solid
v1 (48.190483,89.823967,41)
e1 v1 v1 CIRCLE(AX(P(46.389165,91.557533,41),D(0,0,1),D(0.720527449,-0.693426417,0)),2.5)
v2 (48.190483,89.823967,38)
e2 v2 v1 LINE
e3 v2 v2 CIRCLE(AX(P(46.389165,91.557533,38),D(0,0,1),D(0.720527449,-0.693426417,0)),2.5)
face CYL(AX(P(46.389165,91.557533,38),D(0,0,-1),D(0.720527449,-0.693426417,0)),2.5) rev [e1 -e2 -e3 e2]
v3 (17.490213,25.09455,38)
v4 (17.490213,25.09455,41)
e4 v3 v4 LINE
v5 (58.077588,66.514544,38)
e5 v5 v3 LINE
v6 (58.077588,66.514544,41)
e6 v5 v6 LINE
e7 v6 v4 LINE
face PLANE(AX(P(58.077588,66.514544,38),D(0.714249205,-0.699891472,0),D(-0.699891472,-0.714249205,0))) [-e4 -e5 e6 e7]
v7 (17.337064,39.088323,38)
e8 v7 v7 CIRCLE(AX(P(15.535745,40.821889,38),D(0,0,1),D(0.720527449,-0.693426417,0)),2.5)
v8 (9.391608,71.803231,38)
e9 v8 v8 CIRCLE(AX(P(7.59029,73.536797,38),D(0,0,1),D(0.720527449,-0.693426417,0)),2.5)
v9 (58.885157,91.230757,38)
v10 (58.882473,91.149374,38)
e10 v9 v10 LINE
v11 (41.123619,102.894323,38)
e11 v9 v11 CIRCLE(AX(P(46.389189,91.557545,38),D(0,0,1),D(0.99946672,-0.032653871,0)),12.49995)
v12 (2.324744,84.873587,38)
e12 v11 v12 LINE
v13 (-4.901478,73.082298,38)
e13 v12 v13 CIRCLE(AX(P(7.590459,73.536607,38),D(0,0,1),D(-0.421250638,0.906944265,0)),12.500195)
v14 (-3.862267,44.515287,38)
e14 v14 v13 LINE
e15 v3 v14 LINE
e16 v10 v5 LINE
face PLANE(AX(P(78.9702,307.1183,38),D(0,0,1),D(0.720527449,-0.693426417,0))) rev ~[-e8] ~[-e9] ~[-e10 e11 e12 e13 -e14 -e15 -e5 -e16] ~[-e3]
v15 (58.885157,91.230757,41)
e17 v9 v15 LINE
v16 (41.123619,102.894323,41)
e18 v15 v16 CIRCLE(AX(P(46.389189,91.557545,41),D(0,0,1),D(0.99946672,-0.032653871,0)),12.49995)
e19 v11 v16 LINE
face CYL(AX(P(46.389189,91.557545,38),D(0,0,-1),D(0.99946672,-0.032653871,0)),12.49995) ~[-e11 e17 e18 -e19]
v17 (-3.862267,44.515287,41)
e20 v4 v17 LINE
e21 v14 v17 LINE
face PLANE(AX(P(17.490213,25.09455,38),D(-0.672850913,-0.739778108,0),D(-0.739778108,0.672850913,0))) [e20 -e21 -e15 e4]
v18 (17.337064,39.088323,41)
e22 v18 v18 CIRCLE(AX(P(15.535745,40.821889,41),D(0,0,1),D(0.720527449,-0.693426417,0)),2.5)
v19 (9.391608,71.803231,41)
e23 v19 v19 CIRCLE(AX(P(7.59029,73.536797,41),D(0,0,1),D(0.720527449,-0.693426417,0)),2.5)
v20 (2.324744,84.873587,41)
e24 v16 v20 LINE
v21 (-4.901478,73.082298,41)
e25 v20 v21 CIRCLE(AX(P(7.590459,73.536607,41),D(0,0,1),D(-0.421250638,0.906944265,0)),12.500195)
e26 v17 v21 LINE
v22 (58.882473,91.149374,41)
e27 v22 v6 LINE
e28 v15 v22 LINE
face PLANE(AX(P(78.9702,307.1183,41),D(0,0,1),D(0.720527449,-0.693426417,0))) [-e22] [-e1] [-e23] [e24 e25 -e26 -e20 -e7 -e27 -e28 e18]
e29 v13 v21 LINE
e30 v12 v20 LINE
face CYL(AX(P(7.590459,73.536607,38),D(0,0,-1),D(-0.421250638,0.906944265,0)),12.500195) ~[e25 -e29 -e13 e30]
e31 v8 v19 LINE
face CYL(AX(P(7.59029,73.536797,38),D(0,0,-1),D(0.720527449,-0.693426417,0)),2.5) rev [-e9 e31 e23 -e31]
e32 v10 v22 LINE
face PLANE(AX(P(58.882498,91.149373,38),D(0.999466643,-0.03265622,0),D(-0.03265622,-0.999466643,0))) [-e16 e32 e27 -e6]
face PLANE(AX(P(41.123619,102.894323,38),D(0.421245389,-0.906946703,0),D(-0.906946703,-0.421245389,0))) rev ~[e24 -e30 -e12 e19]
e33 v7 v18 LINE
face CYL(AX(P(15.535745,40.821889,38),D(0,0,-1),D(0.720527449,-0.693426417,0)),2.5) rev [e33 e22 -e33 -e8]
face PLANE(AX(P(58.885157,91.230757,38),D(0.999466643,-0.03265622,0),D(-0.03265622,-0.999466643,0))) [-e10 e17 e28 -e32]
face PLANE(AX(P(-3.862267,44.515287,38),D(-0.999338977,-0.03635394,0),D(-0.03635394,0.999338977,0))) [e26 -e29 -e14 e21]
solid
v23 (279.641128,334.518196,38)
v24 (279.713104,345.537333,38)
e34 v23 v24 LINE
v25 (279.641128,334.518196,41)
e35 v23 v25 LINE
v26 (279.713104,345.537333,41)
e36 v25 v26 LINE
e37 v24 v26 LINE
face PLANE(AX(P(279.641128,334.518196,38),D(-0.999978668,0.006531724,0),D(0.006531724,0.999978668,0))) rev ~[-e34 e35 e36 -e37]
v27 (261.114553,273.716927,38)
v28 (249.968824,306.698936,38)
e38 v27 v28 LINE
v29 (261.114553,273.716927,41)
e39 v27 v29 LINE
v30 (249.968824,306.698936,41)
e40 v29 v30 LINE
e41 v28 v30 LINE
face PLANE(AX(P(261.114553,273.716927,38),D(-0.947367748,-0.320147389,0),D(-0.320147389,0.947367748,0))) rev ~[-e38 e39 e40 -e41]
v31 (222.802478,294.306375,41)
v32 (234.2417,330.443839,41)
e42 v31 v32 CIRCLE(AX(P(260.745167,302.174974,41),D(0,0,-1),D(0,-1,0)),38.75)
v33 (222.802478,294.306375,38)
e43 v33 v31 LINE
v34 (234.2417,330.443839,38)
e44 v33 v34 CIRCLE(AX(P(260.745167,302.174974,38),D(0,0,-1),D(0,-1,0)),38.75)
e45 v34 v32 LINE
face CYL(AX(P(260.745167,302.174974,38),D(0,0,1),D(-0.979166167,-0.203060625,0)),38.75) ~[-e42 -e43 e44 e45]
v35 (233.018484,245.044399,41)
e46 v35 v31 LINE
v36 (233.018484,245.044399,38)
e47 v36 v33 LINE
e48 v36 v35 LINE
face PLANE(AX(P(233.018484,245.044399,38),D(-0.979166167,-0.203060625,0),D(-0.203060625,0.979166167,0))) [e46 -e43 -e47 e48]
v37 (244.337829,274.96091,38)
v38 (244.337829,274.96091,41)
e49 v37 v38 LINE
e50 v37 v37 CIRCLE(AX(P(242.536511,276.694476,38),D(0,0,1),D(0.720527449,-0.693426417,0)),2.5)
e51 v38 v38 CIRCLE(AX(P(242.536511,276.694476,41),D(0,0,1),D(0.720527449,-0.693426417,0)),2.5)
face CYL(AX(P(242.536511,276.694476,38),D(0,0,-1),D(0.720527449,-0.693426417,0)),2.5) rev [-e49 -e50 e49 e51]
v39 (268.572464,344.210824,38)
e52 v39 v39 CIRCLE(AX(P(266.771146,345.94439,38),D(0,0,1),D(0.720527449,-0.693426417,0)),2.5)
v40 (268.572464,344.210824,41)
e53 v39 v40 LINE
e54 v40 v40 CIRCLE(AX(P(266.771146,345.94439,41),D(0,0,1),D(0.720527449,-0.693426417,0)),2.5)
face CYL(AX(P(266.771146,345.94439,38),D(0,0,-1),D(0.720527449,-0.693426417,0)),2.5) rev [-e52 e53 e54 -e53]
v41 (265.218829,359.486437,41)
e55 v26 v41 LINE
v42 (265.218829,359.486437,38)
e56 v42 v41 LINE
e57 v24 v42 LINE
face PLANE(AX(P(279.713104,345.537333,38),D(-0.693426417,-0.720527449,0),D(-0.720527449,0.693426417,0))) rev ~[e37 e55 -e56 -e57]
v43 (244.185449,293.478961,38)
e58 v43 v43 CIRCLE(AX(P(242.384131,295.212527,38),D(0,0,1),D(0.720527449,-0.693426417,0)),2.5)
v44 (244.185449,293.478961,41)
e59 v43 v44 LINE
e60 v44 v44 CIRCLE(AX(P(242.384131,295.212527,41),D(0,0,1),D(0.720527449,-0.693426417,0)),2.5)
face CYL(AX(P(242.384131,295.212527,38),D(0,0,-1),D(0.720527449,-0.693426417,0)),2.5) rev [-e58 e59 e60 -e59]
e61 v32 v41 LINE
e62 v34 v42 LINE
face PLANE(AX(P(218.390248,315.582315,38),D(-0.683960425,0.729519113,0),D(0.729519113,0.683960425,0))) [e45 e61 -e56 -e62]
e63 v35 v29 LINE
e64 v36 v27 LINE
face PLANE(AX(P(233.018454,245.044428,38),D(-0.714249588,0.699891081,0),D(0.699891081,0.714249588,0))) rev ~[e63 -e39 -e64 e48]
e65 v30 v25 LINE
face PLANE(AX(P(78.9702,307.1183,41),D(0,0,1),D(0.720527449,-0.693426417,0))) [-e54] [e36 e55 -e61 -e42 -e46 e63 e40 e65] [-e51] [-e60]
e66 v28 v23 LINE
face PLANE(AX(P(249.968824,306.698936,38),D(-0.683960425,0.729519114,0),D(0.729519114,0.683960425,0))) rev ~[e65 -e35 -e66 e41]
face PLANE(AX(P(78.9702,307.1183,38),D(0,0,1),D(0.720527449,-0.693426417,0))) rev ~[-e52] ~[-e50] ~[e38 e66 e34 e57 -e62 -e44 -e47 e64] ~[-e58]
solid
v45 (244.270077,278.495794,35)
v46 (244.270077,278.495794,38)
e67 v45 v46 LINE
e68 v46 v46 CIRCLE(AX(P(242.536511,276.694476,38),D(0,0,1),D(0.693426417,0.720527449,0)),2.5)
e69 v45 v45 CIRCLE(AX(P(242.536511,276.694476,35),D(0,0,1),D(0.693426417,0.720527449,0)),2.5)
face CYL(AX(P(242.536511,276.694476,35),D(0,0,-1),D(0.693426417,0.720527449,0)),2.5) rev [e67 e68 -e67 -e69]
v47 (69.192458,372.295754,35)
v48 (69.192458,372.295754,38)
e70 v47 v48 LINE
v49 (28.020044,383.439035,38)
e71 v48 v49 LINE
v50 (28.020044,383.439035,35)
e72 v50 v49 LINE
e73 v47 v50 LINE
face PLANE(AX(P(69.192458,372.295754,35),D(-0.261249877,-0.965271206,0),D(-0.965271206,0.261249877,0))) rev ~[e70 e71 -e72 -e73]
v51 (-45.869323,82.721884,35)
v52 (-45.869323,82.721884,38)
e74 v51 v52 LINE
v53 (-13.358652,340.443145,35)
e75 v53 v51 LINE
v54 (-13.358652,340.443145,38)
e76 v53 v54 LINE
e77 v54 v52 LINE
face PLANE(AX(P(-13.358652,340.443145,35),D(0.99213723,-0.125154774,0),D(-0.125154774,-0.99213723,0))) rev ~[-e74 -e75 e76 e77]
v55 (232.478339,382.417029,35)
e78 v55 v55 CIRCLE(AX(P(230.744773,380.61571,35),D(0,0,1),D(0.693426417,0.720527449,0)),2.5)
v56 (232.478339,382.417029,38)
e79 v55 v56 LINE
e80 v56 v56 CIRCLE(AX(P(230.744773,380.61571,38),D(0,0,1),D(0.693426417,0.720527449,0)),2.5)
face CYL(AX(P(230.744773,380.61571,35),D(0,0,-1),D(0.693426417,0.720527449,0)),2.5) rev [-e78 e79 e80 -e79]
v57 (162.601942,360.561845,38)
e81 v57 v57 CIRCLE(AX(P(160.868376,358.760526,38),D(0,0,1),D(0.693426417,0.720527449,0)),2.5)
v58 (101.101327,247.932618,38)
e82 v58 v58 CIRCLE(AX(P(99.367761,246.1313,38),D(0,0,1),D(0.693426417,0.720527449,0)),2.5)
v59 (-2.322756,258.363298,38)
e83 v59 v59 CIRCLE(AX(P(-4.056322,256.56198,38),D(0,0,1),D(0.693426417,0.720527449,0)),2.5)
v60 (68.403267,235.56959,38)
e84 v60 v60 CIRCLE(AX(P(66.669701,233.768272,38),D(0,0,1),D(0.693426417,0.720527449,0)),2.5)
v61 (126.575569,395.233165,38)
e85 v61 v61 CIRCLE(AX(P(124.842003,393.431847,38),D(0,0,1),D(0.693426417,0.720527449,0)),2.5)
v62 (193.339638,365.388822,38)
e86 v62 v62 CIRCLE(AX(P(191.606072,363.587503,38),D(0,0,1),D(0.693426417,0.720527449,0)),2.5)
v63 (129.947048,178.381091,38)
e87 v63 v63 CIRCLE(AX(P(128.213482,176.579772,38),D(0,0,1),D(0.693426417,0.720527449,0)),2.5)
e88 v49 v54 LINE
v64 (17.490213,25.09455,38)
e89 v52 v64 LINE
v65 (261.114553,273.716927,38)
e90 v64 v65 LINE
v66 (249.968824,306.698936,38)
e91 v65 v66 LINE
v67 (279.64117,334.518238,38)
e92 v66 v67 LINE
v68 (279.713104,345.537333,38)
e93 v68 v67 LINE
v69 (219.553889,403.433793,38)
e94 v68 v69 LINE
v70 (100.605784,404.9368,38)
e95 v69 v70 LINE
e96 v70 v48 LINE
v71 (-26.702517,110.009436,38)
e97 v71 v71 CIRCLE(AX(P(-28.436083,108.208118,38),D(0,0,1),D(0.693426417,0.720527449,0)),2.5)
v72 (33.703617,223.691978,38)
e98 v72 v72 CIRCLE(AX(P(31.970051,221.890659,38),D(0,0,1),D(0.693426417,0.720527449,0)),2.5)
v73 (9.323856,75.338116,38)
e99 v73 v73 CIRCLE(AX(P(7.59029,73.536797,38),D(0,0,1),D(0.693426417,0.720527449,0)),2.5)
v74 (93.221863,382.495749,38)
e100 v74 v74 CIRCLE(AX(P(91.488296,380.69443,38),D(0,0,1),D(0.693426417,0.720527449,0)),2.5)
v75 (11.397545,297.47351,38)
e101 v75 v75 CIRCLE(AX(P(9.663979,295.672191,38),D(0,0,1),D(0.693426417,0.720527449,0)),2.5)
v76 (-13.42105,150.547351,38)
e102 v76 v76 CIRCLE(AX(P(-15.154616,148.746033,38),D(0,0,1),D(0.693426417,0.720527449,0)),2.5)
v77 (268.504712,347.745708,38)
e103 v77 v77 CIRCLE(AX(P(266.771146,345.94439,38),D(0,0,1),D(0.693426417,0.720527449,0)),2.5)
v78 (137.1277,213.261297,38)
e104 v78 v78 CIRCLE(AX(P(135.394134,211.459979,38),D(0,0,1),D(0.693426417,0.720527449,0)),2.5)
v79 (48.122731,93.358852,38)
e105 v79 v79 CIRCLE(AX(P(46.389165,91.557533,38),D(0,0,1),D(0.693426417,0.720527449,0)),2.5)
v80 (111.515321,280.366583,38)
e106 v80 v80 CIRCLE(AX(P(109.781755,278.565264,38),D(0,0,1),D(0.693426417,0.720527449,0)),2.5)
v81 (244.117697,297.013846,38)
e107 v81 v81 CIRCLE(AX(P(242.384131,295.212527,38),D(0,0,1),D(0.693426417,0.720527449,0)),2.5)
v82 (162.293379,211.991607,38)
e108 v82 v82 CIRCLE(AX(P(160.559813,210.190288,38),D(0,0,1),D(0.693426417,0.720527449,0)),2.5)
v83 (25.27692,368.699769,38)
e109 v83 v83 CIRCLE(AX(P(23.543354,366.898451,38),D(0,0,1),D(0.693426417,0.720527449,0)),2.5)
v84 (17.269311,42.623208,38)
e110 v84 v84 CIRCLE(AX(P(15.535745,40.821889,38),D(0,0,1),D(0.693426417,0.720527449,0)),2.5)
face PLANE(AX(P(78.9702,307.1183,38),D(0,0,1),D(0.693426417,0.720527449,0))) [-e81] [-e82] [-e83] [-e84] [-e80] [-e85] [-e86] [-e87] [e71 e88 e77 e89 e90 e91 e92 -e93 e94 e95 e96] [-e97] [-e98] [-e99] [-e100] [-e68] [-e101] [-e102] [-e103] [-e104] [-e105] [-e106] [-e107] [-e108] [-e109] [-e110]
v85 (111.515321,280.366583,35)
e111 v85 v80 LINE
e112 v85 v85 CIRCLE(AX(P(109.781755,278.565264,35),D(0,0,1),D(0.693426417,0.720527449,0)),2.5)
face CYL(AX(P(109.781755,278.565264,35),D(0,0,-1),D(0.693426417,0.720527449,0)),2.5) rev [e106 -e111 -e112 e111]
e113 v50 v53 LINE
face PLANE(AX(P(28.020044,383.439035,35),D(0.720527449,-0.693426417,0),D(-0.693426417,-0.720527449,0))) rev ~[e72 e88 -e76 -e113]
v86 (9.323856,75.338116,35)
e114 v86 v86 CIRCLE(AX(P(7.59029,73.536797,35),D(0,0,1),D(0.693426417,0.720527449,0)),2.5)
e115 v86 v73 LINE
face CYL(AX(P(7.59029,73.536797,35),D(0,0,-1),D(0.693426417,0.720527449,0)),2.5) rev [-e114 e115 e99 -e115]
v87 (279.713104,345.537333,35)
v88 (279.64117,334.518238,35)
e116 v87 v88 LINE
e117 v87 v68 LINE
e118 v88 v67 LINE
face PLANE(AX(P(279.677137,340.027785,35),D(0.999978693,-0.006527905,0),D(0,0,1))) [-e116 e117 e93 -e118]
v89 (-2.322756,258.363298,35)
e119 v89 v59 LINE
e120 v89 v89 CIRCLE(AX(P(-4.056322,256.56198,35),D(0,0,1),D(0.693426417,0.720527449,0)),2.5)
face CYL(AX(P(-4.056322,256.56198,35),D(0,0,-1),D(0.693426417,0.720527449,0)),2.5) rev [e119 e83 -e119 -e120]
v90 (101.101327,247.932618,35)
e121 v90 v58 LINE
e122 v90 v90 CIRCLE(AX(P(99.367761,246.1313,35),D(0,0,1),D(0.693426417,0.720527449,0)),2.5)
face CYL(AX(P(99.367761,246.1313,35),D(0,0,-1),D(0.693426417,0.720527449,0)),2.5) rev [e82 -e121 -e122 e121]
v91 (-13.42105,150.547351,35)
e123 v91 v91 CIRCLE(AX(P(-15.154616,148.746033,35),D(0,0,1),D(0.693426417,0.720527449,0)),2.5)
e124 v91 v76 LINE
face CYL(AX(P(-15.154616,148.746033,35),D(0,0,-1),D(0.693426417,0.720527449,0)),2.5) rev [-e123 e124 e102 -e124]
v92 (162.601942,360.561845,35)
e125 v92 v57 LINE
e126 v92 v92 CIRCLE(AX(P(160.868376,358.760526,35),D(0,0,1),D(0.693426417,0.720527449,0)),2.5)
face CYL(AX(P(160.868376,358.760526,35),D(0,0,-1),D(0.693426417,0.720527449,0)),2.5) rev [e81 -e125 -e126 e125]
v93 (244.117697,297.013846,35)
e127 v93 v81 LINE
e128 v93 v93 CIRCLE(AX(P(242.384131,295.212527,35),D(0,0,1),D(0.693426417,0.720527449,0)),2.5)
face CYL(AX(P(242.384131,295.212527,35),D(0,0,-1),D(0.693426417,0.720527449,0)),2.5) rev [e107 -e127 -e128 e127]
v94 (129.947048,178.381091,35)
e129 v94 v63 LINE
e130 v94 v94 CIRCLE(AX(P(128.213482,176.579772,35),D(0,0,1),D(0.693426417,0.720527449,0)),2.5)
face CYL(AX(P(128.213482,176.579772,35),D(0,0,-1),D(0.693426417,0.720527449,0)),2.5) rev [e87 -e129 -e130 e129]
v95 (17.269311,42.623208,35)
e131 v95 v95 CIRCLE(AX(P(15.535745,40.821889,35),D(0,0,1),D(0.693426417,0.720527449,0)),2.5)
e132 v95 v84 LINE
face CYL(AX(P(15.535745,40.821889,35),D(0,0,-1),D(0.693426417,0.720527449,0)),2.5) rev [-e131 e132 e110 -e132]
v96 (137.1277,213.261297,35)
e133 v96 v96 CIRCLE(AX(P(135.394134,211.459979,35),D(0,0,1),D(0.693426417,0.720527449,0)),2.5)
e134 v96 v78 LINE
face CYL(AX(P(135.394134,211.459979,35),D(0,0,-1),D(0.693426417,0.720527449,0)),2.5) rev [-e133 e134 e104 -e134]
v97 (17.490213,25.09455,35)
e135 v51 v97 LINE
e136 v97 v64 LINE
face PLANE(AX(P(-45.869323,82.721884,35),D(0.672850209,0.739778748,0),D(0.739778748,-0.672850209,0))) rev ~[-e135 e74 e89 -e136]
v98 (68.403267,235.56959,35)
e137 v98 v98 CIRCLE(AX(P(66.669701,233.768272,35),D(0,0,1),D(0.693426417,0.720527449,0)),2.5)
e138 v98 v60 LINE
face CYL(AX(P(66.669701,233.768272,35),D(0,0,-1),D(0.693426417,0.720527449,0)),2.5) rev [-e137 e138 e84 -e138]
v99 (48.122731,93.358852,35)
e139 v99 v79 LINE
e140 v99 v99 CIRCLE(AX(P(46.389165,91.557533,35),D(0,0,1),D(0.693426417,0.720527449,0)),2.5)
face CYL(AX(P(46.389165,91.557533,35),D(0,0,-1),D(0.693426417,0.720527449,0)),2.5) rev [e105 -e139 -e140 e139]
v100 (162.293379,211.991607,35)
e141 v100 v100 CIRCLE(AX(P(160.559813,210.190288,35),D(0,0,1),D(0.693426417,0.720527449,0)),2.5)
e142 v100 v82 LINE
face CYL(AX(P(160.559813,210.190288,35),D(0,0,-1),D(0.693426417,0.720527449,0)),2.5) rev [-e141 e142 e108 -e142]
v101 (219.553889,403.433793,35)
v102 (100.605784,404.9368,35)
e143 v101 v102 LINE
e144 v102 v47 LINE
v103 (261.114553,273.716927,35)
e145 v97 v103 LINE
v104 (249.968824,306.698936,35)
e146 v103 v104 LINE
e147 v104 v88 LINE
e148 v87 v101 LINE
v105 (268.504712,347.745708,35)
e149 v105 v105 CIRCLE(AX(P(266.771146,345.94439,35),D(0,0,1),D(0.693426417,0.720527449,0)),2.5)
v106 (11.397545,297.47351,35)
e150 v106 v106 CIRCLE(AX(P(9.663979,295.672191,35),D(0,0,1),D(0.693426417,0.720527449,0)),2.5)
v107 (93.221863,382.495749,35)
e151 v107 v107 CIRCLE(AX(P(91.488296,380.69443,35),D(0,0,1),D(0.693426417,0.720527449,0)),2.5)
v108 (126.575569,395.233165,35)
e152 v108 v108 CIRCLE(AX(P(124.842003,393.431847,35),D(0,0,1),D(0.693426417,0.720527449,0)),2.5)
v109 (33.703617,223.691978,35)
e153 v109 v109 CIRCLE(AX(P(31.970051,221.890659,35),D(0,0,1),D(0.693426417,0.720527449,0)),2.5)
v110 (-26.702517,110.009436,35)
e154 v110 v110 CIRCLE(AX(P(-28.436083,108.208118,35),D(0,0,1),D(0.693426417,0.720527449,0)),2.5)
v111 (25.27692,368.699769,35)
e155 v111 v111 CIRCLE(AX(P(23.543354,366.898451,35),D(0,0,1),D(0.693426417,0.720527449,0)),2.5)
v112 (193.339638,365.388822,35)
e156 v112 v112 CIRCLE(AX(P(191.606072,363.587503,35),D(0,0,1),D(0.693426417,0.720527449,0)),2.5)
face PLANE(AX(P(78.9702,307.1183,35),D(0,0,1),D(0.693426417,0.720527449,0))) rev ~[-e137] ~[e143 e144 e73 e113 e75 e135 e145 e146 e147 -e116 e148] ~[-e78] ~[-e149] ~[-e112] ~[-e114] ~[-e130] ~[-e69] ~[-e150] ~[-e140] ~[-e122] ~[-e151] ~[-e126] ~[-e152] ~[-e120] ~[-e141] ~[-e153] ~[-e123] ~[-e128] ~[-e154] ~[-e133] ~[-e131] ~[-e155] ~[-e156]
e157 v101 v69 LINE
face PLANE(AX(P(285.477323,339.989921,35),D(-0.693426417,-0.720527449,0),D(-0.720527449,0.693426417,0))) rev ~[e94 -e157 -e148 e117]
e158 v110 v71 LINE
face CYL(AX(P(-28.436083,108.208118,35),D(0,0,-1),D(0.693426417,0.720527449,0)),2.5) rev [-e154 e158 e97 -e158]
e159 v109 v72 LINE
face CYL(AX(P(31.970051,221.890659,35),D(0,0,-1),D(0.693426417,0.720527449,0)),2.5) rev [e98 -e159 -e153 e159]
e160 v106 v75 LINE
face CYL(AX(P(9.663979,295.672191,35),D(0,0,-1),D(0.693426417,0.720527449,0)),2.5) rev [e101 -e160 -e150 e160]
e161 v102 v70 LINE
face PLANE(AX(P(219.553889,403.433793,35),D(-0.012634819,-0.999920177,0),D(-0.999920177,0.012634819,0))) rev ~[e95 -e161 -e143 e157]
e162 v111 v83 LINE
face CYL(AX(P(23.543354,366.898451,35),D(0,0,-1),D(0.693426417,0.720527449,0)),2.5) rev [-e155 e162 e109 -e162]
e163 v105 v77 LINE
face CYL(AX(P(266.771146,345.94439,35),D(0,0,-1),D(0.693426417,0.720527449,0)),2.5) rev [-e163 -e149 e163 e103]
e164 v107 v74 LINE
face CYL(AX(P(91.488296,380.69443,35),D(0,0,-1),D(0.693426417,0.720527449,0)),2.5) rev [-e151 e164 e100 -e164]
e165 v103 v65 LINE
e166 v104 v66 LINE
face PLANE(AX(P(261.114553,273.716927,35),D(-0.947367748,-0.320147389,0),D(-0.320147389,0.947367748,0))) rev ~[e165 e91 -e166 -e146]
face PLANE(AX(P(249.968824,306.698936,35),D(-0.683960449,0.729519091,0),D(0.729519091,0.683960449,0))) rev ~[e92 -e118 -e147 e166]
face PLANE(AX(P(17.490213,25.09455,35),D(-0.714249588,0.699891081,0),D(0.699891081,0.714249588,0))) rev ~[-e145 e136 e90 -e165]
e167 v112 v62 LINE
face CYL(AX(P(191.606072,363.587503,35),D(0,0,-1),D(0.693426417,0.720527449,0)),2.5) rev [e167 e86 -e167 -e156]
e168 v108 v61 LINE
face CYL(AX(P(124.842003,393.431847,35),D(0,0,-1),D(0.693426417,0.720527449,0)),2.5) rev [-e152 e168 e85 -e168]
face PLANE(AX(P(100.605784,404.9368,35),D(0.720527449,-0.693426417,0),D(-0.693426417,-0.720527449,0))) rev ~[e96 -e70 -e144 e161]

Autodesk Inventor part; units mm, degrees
ref_plane "YZ Plane" through (0, 0, 0) normal (1, 0, 0) x (0, 1, 0)
ref_plane "XZ Plane" through (0, 0, 0) normal (0, 1, 0) x (-1, 0, 0)
ref_plane "XY Plane" through (0, 0, 0) normal (0, 0, 1) x (1, 0, 0)
ref_plane "Work Plane1" through (78.9702, 307.1183, 35) normal (0, 0, 1) x (0.6934, 0.7205, 0)
sketch "Sketch1" plane through (78.9702, 307.1183, 35) normal (0, 0, 1) x (0.6934, 0.7205, 0)
  line L0 (-245.8377, -151.2647) -> (102.2371, -154.4014)
  line L1 (102.2371, -154.4014) -> (118.2728, -123.5)
  line L2 (118.2728, -123.5) -> (166.8824, -126)
  line L3 (166.8824, -126) -> (166.8824, -34.5067)
  line L4 (166.8824, -34.5067) -> (85.4836, 52.2409)
  line L5 (-40.0118, 89.6338) -> (-248.2508, -65.6521)
  line L6 (-248.2508, -65.6521) -> (-245.8377, -151.2647)
  circle A0 centre (61.694, 42) radius 2.5 projected
  circle A1 centre (-56.306, 42) radius 2.5 projected
  circle A2 centre (94, 26.8002) radius 2.5 projected
  circle A3 centre (94, -23.1998) radius 2.5 projected
  circle A4 centre (118.7923, -42) radius 2.5 projected
  circle A5 centre (158.2014, -58.3927) radius 2.5 projected
  circle A6 centre (158.2014, -108.3927) radius 2.5 projected
  circle A7 centre (104.7371, -126) radius 2.5 projected
  circle A8 centre (-13.2629, -126) radius 2.5 projected
  circle A9 centre (-29.7986, -106.987) radius 2.5 projected
  circle A10 centre (-29.7986, -56.987) radius 2.5 projected
  circle A11 centre (0.7923, -42) radius 2.5 projected
  circle A12 centre (-61.3802, -42) radius 2.5 projected
  circle A13 centre (-94, -25.2342) radius 2.5 projected
  circle A14 centre (-94, 24.7658) radius 2.5 projected
  circle A15 centre (-217.7986, -110.5404) radius 2.5 projected
  circle A16 centre (-177.91, -126) radius 2.5 projected
  circle A17 centre (-217.7986, -60.5404) radius 2.5 projected
  circle A18 centre (-179.3802, -42) radius 2.5 projected
  circle A19 centre (-59.91, -126) radius 2.5 projected
  line L7 (85.4836, 52.2409) -> (40.182, 52.2409)
  line L8 (40.182, 52.2409) -> (19.661, 89.6338)
  line L9 (19.661, 89.6338) -> (-40.0118, 89.6338)
  circle A20 centre (4.6388, 81.3897) radius 2.5
  circle A21 centre (-235.861, -138.9507) radius 2.5
  circle A22 centre (91.5, -138.9507) radius 2.5
  point P0 (-276.0496, -156.0595)
  dimension "d5" = 5
  dimension "d6" = 5
  dimension "d7" = 5
extrude "Extrusion1" add sketch "Sketch1" along normal blind 3
chamfer "Chamfer1" distance 8 angle 45 1 edges at (285.4768, 339.9931, 36.5)
sketch "Sketch2" plane through (78.9702, 307.1183, 38) normal (0, 0, 1) x (0.7205, -0.6934, 0)
  line L0 (65.6521, -248.2508) -> (151.2647, -245.8377) construction
  line L1 (151.2647, -245.8377) -> (154.4014, 102.2371) construction
  line L2 (151.2647, -245.8377) -> (122.4128, -246.6509)
  line L3 (122.4128, -246.6509) -> (101.8549, -226.7882)
  line L4 (135.2303, -169.4804) -> (151.7873, -187.8491)
  line L5 (151.7873, -187.8491) -> (151.2647, -245.8377)
  circle A0 centre (138.9507, -235.861) radius 2.5 projected
  circle A1 centre (110.5404, -217.7986) radius 2.5 projected
  circle A2 centre (126, -177.91) radius 2.5 projected
  arc A3 (98.8852, -213.2814) -> (101.8549, -226.7882) centre (110.5404, -217.7986) ccw
  arc A4 (135.2848, -169.5409) -> (114.3448, -173.3928) centre (126, -177.91) ccw
  line L6 (114.3448, -173.3928) -> (98.8852, -213.2814)
  point P0 (156.0595, -276.0496)
  dimension "d8" = 10
  dimension "d9" = 10
extrude "Extrusion2" add sketch "Sketch2" along normal blind 3 separate body
sketch "Sketch3" plane through (78.9702, 307.1183, 38) normal (0, 0, 1) x (0.7205, -0.6934, 0)
  line L0 (154.4014, 102.2371) -> (123.5, 118.2728) projected
  line L1 (151.2647, -245.8377) -> (154.4014, 102.2371) projected
  line L2 (154.0397, 62.0952) -> (94.5868, 102.7761)
  line L3 (118, 166.8824) -> (34.5067, 166.8824) construction
  line L4 (125.5891, 158.8929) -> (118, 166.8824) projected
  line L5 (123.5, 118.2728) -> (125.5891, 158.8929) projected
  line L6 (94.5868, 102.7761) -> (97.8838, 166.8824)
  line L7 (118, 166.8824) -> (97.8838, 166.8824)
  circle A0 centre (108.3927, 158.2014) radius 2.5 projected
  circle A1 centre (126, 104.7371) radius 2.5 projected
  circle A2 centre (138.9507, 91.5) radius 2.5 projected
  point P0 (156.0595, -276.0496)
extrude "Extrusion3" add sketch "Sketch3" along normal blind 3 separate body
fillet "Fillet1" radius 38.75 1 edges at (218.3902, 315.5845, 39.5)
properties part number "PlateRight"
